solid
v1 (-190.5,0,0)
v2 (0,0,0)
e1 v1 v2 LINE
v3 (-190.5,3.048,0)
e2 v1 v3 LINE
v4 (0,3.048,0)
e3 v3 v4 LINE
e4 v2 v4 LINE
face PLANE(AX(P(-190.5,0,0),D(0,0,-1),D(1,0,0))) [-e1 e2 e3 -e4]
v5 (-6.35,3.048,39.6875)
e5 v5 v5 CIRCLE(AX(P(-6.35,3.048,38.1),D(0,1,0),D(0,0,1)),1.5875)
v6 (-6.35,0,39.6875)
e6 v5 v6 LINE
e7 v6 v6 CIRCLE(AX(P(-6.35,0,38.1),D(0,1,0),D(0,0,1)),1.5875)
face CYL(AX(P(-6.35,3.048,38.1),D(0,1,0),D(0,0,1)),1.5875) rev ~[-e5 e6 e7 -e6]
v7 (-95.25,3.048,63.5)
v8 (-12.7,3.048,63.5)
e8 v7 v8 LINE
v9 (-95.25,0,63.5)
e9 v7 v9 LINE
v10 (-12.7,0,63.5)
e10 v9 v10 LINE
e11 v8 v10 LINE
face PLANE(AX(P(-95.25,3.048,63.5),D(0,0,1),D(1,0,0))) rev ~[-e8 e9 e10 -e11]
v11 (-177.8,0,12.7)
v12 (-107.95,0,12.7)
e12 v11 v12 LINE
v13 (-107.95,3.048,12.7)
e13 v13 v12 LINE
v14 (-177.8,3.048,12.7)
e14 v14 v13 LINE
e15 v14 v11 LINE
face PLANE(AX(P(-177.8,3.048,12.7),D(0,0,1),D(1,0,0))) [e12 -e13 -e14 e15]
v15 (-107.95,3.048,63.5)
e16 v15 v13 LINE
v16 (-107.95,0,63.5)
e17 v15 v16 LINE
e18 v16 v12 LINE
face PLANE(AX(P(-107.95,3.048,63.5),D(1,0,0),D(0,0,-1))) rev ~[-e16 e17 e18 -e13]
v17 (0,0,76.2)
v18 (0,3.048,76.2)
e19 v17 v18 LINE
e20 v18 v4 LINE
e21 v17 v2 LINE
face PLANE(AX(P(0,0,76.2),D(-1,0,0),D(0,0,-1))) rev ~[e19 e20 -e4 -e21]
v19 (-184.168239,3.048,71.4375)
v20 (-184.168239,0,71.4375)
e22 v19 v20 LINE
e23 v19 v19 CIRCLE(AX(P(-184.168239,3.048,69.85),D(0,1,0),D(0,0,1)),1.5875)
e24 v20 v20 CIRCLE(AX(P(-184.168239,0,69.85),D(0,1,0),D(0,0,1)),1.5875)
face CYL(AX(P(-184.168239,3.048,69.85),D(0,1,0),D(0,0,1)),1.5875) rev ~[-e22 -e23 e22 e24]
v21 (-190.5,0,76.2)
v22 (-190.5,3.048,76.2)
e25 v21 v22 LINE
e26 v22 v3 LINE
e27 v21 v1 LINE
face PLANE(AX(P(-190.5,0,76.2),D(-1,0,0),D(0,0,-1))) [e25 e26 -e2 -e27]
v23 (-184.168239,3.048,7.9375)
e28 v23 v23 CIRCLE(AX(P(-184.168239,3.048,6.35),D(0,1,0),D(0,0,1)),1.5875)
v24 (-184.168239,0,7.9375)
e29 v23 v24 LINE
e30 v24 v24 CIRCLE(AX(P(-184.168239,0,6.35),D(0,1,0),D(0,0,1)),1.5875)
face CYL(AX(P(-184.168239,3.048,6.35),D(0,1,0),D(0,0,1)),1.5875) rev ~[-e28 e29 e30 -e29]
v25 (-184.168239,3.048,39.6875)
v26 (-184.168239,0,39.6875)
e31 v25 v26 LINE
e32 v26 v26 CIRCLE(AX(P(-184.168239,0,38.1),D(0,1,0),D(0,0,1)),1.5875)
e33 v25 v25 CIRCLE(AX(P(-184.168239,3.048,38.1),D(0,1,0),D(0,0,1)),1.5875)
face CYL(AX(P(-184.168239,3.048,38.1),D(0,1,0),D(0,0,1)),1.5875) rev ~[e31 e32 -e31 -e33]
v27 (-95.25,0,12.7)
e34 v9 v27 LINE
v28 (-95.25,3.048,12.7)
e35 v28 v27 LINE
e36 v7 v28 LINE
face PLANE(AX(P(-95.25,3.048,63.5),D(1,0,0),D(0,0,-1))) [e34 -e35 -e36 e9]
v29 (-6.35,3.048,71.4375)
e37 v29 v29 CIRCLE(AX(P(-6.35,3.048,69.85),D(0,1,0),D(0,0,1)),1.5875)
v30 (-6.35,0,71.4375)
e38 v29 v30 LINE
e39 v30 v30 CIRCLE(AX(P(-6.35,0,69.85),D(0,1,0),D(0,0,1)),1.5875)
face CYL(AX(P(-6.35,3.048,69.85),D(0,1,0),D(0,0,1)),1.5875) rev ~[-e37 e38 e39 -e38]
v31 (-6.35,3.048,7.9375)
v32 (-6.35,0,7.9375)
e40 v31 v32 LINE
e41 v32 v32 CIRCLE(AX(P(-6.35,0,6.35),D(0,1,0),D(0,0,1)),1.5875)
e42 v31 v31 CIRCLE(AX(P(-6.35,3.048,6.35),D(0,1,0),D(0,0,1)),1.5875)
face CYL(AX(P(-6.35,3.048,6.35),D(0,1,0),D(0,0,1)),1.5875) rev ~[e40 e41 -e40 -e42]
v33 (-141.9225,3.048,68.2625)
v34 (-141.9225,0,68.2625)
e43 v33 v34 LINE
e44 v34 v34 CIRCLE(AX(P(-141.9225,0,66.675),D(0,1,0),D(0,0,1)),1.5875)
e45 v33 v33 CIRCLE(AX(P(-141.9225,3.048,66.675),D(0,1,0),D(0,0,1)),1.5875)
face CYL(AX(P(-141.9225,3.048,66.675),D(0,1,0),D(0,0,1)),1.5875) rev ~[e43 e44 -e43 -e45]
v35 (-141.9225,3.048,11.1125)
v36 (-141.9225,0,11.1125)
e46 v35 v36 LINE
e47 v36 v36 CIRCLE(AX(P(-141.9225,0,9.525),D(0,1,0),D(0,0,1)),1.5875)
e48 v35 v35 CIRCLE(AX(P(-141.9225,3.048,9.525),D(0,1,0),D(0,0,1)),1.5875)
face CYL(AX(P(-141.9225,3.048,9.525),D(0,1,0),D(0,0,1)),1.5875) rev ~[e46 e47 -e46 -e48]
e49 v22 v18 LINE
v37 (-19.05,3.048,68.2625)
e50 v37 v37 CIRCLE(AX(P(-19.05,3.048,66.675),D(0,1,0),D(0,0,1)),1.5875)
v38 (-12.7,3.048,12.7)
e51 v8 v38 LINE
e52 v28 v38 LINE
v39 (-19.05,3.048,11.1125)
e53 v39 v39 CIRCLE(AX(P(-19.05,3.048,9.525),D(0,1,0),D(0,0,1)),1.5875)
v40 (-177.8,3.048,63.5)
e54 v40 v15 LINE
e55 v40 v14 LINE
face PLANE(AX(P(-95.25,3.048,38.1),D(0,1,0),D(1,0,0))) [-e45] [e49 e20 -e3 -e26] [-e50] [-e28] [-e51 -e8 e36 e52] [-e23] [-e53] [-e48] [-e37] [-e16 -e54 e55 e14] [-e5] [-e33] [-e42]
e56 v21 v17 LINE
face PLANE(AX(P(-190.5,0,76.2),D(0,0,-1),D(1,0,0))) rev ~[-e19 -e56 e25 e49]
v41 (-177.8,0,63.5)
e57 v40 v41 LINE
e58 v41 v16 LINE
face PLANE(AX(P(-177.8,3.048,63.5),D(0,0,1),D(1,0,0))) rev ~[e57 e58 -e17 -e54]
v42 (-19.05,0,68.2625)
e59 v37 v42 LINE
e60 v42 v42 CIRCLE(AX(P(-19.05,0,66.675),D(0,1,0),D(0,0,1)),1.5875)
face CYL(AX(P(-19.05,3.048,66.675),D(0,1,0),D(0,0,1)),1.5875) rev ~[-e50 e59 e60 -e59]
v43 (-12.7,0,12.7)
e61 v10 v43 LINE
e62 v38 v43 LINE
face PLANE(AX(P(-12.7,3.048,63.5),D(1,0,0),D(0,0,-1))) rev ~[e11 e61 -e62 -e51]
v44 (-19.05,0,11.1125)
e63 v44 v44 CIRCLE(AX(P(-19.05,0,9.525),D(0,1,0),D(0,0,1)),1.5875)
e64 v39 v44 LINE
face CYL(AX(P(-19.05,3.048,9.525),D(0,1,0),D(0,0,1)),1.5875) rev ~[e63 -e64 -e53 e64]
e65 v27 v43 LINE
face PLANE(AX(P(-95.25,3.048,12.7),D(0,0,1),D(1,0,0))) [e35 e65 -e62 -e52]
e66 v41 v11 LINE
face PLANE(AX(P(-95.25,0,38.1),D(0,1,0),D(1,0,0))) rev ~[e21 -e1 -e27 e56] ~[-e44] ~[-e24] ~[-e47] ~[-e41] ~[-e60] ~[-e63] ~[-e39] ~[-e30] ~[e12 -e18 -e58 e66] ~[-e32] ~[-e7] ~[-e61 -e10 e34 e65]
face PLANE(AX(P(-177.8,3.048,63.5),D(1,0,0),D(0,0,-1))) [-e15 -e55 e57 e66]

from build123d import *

# Parameters (mm, degrees)
SKETCH1_W           = 190.5
SKETCH1_H           = 76.2
BOSS_EXTRUDE1_DEPTH = 3.048
SKETCH2_W           = 82.55
SKETCH2_H           = 50.8
SKETCH2_W_2         = 69.85
CUT_EXTRUDE1_DEPTH  = 3.048
SKETCH3_R           = 1.5875
CUT_EXTRUDE2_DEPTH  = 3.048


with BuildPart() as part:
    # Sketch1 → Boss-Extrude1 (new body)
    with BuildSketch(Plane(origin=(0, 0, 0), x_dir=(1, 0, 0), z_dir=(0, 1, 0))):
        with Locations((-95.25, -38.1)):
            Rectangle(SKETCH1_W, SKETCH1_H)
    extrude(amount=BOSS_EXTRUDE1_DEPTH)

    # Sketch2 → Cut-Extrude1 (cut)
    with BuildSketch(Plane(origin=(0, 3.048, 0), x_dir=(1, 0, 0), z_dir=(0, 1, 0))):
        with Locations((-53.975, -38.1)):
            Rectangle(SKETCH2_W, SKETCH2_H)
        with Locations((-142.875, -38.1)):
            Rectangle(SKETCH2_W_2, SKETCH2_H)
    extrude(amount=-CUT_EXTRUDE1_DEPTH, mode=Mode.SUBTRACT)

    # Sketch3 → Cut-Extrude2 (cut)
    with BuildSketch(Plane(origin=(0, 3.048, 0), x_dir=(1, 0, 0), z_dir=(0, 1, 0))):
        with Locations(Location((-6.35, -38.1, 0), (0, 0, 270))):
            Circle(SKETCH3_R)
        with Locations(Location((-184.168238783, -38.1, 0), (0, 0, 270))):
            Circle(SKETCH3_R)
        with Locations(Location((-6.35, -6.35, 0), (0, 0, 270))):
            Circle(SKETCH3_R)
        with Locations(Location((-184.168238783, -6.35, 0), (0, 0, 270))):
            Circle(SKETCH3_R)
        with Locations(Location((-184.168238783, -69.85, 0), (0, 0, 270))):
            Circle(SKETCH3_R)
        with Locations(Location((-6.35, -69.85, 0), (0, 0, 270))):
            Circle(SKETCH3_R)
        with Locations(Location((-19.05, -9.525, 0), (0, 0, 270))):
            Circle(SKETCH3_R)
        with Locations(Location((-19.05, -66.675, 0), (0, 0, 270))):
            Circle(SKETCH3_R)
        with Locations(Location((-141.9225, -9.525, 0), (0, 0, 270))):
            Circle(SKETCH3_R)
        with Locations(Location((-141.9225, -66.675, 0), (0, 0, 270))):
            Circle(SKETCH3_R)
    extrude(amount=-CUT_EXTRUDE2_DEPTH, mode=Mode.SUBTRACT)


solid = part.part
